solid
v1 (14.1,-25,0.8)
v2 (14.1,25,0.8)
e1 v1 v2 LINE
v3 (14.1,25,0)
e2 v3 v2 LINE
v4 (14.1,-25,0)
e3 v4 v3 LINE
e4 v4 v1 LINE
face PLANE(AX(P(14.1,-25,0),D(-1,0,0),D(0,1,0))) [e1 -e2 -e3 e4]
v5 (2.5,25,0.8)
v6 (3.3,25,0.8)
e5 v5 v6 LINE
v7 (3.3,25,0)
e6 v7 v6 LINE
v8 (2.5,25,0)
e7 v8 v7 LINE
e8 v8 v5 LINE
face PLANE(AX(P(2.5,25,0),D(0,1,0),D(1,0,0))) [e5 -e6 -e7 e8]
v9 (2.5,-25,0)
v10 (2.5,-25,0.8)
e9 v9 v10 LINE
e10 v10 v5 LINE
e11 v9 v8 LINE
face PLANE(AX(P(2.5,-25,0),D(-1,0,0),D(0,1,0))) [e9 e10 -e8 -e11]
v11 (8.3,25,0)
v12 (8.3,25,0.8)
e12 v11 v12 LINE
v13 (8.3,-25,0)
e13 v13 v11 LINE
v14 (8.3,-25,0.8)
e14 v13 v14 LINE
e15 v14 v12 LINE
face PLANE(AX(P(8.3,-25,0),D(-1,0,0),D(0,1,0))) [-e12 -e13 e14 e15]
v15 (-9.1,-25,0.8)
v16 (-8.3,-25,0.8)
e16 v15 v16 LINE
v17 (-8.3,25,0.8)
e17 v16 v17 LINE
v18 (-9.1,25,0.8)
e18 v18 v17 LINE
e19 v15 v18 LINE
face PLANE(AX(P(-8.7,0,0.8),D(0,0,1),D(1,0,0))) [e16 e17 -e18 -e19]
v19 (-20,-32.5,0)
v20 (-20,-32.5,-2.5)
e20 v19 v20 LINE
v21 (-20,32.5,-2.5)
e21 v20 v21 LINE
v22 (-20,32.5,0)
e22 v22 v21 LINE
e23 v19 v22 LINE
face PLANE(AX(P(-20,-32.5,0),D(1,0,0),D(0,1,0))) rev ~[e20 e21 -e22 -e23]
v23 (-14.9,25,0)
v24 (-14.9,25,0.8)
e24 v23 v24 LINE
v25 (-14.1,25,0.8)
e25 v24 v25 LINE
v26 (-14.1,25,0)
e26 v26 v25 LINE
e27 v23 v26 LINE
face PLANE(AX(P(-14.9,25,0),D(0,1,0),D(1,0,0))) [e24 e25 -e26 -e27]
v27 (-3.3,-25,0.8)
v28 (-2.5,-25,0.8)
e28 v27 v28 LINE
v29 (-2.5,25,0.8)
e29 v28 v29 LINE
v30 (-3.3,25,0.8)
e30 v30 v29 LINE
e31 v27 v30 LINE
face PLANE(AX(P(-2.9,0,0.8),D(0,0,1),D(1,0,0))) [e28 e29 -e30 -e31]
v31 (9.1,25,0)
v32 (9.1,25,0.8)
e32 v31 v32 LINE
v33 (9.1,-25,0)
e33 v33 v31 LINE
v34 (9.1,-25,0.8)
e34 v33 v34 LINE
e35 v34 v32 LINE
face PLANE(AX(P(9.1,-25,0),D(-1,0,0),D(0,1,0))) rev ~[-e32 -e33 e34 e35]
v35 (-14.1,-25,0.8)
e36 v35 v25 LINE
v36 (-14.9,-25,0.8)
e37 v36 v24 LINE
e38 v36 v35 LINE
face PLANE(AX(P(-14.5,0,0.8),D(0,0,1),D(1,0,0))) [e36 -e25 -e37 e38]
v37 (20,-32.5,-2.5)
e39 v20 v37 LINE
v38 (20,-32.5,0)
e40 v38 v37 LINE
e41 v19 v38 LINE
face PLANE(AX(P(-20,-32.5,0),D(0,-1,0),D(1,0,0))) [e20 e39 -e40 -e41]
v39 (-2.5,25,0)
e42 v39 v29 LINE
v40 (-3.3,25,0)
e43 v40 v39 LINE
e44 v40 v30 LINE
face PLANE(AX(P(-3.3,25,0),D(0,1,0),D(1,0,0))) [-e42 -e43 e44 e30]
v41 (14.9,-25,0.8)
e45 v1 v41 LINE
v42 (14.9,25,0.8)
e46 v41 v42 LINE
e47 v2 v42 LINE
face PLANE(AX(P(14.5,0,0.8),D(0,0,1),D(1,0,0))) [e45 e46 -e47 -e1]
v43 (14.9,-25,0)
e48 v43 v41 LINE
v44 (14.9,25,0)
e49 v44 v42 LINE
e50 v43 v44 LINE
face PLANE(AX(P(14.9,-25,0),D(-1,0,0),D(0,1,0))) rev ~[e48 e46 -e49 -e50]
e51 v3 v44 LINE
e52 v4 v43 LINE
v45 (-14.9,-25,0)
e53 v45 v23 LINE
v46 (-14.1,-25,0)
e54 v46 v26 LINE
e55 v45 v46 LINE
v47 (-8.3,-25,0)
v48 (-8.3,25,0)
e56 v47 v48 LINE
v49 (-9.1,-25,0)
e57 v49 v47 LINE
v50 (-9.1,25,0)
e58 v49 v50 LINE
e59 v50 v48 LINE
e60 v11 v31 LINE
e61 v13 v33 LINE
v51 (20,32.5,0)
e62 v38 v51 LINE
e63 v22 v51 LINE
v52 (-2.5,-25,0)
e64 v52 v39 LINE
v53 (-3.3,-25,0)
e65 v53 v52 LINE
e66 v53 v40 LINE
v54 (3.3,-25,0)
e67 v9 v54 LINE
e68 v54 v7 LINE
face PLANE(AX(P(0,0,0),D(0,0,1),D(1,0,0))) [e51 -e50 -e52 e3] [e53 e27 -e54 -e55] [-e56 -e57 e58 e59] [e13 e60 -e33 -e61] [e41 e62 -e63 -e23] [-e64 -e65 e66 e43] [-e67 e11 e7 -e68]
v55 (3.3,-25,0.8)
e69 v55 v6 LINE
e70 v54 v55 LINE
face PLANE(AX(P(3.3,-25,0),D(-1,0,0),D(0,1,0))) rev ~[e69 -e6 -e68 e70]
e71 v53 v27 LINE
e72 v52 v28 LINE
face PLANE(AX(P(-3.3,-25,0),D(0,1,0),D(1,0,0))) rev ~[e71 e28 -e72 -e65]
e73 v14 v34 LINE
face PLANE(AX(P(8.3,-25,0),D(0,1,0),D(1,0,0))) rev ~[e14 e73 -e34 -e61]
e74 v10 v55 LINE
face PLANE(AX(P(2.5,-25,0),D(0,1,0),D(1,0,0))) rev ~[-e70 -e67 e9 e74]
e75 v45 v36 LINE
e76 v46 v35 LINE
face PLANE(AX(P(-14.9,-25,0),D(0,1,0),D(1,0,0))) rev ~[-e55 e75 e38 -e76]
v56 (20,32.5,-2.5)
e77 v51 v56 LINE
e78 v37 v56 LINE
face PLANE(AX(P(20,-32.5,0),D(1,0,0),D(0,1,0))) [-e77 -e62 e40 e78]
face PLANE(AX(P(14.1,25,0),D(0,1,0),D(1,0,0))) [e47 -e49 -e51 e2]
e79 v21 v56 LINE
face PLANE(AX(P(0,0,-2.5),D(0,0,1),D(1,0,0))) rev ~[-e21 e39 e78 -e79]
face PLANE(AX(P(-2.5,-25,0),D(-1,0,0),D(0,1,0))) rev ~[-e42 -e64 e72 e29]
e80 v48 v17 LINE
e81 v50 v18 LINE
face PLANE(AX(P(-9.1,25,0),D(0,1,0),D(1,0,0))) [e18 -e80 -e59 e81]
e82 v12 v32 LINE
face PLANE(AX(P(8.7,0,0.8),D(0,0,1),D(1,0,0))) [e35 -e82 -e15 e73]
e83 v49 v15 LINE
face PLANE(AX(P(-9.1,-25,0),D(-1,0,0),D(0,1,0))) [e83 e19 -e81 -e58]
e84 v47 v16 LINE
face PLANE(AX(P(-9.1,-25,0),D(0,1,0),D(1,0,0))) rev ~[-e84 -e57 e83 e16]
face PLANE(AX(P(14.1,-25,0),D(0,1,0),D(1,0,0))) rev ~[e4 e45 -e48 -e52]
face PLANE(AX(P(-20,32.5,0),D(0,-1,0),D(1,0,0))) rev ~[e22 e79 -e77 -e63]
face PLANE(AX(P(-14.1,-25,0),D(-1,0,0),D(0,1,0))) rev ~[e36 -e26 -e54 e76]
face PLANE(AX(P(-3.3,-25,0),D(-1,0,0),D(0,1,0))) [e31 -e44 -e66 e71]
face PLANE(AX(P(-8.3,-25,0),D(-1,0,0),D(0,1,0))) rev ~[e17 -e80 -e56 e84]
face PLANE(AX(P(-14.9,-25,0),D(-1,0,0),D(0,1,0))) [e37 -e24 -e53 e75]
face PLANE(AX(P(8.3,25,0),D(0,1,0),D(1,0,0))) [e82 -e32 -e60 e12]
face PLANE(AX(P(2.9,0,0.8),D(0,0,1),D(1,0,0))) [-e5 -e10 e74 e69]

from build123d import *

# Parameters (mm, degrees)
F0_W     = 40
F0_H     = 65
F0_W_2   = 0.8
F0_H_2   = 50
F1_DEPTH = 2.5
F2_DEPTH = 0.8


with BuildPart() as f1:
    # F0 (on Top) → F1 (new body)
    with BuildSketch(Plane.XY):
        Rectangle(F0_W, F0_H)
        with Locations((-14.5, 0)):
            Rectangle(F0_W_2, F0_H_2, mode=Mode.SUBTRACT)
        with Locations((-8.7, 0)):
            Rectangle(F0_W_2, F0_H_2, mode=Mode.SUBTRACT)
        with Locations((-2.9, 0)):
            Rectangle(F0_W_2, F0_H_2, mode=Mode.SUBTRACT)
        with Locations((2.9, 0)):
            Rectangle(F0_W_2, F0_H_2, mode=Mode.SUBTRACT)
        with Locations((8.7, 0)):
            Rectangle(F0_W_2, F0_H_2, mode=Mode.SUBTRACT)
        with Locations((14.5, 0)):
            Rectangle(F0_W_2, F0_H_2, mode=Mode.SUBTRACT)
        with Locations((14.5, 0)):
            Rectangle(F0_W_2, F0_H_2)
        with Locations((8.7, 0)):
            Rectangle(F0_W_2, F0_H_2)
        with Locations((2.9, 0)):
            Rectangle(F0_W_2, F0_H_2)
        with Locations((-2.9, 0)):
            Rectangle(F0_W_2, F0_H_2)
        with Locations((-8.7, 0)):
            Rectangle(F0_W_2, F0_H_2)
        with Locations((-14.5, 0)):
            Rectangle(F0_W_2, F0_H_2)
    extrude(amount=-F1_DEPTH)

    # F0 (on Top) → F2 (join)
    with BuildSketch(Plane.XY):
        with Locations((14.5, 0)):
            Rectangle(F0_W_2, F0_H_2)
        with Locations((8.7, 0)):
            Rectangle(F0_W_2, F0_H_2)
        with Locations((2.9, 0)):
            Rectangle(F0_W_2, F0_H_2)
        with Locations((-2.9, 0)):
            Rectangle(F0_W_2, F0_H_2)
        with Locations((-8.7, 0)):
            Rectangle(F0_W_2, F0_H_2)
        with Locations((-14.5, 0)):
            Rectangle(F0_W_2, F0_H_2)
    extrude(amount=F2_DEPTH)


solid = f1.part
